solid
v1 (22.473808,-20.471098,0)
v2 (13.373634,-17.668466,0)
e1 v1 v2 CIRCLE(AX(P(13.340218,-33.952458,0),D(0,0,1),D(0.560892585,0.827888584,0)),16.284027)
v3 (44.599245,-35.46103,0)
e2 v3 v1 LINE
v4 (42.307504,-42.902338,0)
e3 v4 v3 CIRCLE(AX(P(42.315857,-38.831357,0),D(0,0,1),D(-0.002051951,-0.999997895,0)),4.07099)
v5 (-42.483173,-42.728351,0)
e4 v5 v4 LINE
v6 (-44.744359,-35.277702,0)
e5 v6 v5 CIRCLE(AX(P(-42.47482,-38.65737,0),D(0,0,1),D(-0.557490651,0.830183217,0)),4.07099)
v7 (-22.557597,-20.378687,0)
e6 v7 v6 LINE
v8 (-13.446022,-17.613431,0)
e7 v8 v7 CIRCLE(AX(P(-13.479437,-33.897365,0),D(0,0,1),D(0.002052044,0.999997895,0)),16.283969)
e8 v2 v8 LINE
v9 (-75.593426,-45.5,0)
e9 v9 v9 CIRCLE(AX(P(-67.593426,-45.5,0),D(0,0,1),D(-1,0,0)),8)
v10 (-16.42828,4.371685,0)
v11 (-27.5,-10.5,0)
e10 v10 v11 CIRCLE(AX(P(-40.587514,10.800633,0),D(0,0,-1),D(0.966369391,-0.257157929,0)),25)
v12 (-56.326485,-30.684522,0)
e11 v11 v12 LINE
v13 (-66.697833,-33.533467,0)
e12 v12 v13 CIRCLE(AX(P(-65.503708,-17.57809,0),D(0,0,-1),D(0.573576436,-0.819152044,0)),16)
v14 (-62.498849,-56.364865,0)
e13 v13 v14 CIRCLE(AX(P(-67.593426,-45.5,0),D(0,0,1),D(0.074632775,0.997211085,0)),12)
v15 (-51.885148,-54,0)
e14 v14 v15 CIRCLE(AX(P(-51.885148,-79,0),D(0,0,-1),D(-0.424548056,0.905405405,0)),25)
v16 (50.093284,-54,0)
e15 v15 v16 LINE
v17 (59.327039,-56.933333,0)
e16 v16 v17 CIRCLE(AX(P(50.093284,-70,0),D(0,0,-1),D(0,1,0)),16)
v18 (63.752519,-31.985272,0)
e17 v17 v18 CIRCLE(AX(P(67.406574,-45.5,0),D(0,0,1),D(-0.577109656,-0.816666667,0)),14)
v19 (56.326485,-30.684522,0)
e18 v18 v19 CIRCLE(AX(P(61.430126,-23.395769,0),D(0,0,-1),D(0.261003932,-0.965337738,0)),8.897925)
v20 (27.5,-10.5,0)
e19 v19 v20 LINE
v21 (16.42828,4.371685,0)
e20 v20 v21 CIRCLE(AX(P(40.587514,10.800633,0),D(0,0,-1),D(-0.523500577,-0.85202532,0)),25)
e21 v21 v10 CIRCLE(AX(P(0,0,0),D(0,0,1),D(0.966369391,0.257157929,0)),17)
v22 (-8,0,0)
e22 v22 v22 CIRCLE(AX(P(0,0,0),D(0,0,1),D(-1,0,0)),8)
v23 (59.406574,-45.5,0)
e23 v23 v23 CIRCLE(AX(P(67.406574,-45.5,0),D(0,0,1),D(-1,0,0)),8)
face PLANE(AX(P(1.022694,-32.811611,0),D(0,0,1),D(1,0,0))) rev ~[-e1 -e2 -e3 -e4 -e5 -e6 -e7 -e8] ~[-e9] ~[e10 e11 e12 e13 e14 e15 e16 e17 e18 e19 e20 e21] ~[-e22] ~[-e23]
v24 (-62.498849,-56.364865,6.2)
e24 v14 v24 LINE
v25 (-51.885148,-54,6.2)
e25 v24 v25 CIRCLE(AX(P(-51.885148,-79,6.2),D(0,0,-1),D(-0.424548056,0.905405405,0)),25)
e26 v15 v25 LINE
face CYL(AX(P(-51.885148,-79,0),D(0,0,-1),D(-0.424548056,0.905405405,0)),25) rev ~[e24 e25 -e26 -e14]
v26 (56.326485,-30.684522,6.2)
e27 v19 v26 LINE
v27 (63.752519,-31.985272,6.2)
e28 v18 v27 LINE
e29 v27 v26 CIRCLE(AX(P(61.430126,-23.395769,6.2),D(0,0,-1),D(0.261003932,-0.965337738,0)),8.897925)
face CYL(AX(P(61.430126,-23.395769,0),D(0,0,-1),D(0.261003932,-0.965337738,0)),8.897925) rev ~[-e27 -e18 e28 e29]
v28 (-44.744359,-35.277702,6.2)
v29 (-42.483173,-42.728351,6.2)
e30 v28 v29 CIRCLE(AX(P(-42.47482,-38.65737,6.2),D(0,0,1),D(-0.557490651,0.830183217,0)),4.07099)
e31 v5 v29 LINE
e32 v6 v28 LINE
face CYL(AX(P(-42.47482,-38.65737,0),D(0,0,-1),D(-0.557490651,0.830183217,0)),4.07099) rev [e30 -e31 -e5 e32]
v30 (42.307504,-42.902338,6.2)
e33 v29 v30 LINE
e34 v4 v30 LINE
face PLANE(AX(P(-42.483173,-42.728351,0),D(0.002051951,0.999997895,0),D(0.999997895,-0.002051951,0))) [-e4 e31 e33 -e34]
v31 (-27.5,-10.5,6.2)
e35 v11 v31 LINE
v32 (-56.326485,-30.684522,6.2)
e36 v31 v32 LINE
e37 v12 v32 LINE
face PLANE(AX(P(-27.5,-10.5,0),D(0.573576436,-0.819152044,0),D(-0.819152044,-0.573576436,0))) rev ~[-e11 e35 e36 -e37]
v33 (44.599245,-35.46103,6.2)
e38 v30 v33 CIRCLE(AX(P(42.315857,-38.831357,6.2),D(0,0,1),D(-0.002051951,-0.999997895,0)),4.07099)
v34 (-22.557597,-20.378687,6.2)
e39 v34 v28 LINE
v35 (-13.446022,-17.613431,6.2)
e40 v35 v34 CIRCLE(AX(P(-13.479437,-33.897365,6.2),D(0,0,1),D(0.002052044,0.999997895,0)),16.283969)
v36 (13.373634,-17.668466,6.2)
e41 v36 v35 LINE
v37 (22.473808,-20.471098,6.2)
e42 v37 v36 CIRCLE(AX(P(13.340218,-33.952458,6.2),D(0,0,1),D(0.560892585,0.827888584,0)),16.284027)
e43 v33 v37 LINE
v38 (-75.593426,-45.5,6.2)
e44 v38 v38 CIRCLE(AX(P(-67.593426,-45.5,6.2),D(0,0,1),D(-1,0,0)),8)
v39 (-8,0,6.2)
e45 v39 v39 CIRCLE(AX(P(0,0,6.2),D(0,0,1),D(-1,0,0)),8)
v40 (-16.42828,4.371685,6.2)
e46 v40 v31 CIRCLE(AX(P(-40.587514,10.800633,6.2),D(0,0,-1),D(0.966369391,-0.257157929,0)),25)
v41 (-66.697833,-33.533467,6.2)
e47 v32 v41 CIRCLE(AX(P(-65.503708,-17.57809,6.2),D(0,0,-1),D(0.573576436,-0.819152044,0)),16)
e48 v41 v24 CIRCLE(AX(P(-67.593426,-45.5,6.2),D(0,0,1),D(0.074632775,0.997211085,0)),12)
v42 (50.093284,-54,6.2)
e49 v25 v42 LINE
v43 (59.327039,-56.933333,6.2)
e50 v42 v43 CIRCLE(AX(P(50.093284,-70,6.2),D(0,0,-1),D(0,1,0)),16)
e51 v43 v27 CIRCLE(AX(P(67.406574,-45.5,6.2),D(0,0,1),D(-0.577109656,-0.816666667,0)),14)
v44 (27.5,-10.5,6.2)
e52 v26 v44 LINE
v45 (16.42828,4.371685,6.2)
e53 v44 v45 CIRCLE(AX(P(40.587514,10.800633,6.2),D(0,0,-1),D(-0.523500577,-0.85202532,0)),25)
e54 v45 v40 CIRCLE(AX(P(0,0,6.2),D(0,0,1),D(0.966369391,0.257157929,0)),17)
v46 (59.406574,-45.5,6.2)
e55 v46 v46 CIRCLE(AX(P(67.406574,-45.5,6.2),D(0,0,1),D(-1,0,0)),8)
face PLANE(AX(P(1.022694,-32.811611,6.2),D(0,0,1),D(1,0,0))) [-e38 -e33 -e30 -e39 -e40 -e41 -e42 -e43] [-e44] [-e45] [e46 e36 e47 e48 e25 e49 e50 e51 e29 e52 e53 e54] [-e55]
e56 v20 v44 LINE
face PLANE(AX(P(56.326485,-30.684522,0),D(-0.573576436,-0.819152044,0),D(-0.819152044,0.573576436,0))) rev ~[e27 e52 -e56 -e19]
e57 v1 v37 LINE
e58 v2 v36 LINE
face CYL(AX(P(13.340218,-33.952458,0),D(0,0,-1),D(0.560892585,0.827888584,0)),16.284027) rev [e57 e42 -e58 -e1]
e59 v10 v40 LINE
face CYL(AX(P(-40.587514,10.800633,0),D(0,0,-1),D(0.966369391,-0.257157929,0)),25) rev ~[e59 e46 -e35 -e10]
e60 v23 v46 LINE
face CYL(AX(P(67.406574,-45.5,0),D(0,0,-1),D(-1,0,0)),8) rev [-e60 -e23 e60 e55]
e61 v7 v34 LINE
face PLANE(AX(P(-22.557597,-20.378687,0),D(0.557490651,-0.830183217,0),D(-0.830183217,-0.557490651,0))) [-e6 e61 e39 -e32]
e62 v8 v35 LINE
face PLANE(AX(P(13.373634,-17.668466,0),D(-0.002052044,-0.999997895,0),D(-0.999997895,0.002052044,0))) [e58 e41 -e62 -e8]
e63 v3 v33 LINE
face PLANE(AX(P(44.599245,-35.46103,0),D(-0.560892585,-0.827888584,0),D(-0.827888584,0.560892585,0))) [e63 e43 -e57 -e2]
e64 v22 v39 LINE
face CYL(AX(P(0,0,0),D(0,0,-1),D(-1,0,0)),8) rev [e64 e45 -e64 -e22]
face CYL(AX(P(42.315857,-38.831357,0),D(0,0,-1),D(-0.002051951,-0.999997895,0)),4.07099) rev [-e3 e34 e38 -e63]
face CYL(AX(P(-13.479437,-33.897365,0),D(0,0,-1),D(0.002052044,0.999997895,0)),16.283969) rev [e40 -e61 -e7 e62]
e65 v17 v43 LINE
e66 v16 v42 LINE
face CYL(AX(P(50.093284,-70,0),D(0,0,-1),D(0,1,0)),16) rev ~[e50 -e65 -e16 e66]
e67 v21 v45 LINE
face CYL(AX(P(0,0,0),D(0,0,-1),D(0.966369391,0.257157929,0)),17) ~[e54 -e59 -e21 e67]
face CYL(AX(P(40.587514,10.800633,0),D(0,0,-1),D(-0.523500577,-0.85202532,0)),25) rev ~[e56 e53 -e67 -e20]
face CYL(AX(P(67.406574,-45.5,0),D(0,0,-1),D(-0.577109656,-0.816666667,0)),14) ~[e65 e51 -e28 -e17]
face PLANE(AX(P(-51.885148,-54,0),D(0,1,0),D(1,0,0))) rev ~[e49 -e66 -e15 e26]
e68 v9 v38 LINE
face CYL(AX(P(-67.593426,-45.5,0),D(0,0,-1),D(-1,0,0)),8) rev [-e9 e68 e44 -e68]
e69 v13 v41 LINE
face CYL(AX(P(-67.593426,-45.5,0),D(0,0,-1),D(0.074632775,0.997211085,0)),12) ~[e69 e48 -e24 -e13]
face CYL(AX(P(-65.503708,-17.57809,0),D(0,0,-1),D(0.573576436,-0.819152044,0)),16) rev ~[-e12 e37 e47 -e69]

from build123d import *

# Parameters (mm, degrees)
SKETCH1_R           = 8
BOSS_EXTRUDE5_DEPTH = 6.2


with BuildPart() as part:
    # Sketch1 → Boss-Extrude5 (new body)
    with BuildSketch(Plane.XY):
        with BuildLine():
            Line((56.326485312, -30.684522316), (27.5, -10.5))
            ThreePointArc((27.5, -10.5), (20.534538743, -4.128471677), (16.428279646, 4.371684787))
            ThreePointArc((16.428279646, 4.371684787), (0, 17), (-16.428279646, 4.371684787))
            ThreePointArc((-16.428279646, 4.371684787), (-20.534538743, -4.128471677), (-27.5, -10.5))
            Line((-27.5, -10.5), (-56.326485312, -30.684522316))
            ThreePointArc((-56.326485312, -30.684522316), (-61.265597018, -33.006583144), (-66.697832686, -33.533466974))
            ThreePointArc((-66.697832686, -33.533466974), (-79.395490057, -47.670549132), (-62.498849309, -56.364864865))
            ThreePointArc((-62.498849309, -56.364864865), (-57.322133361, -54.598377325), (-51.885147908, -54))
            Line((-51.885147908, -54), (50.093284326, -54))
            ThreePointArc((50.093284326, -54), (54.937524893, -54.750956314), (59.327038829, -56.933333333))
            ThreePointArc((59.327038829, -56.933333333), (81.19137471, -47.945254568), (63.752518972, -31.985271674))
            ThreePointArc((63.752518972, -31.985271674), (59.894931525, -32.160256826), (56.326485312, -30.684522316))
        make_face()
        with Locations(Location((67.406574019, -45.5, 0), (0, 0, 180))):
            Circle(SKETCH1_R, mode=Mode.SUBTRACT)
        with Locations(Location((0, 0, 0), (0, 0, 180))):
            Circle(SKETCH1_R, mode=Mode.SUBTRACT)
        with Locations(Location((-67.593425981, -45.5, 0), (0, 0, 180))):
            Circle(SKETCH1_R, mode=Mode.SUBTRACT)
        with BuildLine():
            Line((13.373633763, -17.668465774), (-13.446021539, -17.613430543))
            ThreePointArc((-13.446021539, -17.613430543), (-18.208444632, -18.31519172), (-22.557597192, -20.378687414))
            Line((-22.557597192, -20.378687414), (-44.744358674, -35.277702309))
            ThreePointArc((-44.744358674, -35.277702309), (-46.370360965, -39.839621324), (-42.483173297, -42.728351249))
            Line((-42.483173297, -42.728351249), (42.307503535, -42.902337904))
            ThreePointArc((42.307503535, -42.902337904), (46.206513764, -40.029584072), (44.599245091, -35.46103039))
            Line((44.599245091, -35.46103039), (22.473807978, -20.471098353))
            ThreePointArc((22.473807978, -20.471098353), (18.133148836, -18.389767499), (13.373633763, -17.668465774))
        make_face(mode=Mode.SUBTRACT)
    extrude(amount=BOSS_EXTRUDE5_DEPTH)


solid = part.part
